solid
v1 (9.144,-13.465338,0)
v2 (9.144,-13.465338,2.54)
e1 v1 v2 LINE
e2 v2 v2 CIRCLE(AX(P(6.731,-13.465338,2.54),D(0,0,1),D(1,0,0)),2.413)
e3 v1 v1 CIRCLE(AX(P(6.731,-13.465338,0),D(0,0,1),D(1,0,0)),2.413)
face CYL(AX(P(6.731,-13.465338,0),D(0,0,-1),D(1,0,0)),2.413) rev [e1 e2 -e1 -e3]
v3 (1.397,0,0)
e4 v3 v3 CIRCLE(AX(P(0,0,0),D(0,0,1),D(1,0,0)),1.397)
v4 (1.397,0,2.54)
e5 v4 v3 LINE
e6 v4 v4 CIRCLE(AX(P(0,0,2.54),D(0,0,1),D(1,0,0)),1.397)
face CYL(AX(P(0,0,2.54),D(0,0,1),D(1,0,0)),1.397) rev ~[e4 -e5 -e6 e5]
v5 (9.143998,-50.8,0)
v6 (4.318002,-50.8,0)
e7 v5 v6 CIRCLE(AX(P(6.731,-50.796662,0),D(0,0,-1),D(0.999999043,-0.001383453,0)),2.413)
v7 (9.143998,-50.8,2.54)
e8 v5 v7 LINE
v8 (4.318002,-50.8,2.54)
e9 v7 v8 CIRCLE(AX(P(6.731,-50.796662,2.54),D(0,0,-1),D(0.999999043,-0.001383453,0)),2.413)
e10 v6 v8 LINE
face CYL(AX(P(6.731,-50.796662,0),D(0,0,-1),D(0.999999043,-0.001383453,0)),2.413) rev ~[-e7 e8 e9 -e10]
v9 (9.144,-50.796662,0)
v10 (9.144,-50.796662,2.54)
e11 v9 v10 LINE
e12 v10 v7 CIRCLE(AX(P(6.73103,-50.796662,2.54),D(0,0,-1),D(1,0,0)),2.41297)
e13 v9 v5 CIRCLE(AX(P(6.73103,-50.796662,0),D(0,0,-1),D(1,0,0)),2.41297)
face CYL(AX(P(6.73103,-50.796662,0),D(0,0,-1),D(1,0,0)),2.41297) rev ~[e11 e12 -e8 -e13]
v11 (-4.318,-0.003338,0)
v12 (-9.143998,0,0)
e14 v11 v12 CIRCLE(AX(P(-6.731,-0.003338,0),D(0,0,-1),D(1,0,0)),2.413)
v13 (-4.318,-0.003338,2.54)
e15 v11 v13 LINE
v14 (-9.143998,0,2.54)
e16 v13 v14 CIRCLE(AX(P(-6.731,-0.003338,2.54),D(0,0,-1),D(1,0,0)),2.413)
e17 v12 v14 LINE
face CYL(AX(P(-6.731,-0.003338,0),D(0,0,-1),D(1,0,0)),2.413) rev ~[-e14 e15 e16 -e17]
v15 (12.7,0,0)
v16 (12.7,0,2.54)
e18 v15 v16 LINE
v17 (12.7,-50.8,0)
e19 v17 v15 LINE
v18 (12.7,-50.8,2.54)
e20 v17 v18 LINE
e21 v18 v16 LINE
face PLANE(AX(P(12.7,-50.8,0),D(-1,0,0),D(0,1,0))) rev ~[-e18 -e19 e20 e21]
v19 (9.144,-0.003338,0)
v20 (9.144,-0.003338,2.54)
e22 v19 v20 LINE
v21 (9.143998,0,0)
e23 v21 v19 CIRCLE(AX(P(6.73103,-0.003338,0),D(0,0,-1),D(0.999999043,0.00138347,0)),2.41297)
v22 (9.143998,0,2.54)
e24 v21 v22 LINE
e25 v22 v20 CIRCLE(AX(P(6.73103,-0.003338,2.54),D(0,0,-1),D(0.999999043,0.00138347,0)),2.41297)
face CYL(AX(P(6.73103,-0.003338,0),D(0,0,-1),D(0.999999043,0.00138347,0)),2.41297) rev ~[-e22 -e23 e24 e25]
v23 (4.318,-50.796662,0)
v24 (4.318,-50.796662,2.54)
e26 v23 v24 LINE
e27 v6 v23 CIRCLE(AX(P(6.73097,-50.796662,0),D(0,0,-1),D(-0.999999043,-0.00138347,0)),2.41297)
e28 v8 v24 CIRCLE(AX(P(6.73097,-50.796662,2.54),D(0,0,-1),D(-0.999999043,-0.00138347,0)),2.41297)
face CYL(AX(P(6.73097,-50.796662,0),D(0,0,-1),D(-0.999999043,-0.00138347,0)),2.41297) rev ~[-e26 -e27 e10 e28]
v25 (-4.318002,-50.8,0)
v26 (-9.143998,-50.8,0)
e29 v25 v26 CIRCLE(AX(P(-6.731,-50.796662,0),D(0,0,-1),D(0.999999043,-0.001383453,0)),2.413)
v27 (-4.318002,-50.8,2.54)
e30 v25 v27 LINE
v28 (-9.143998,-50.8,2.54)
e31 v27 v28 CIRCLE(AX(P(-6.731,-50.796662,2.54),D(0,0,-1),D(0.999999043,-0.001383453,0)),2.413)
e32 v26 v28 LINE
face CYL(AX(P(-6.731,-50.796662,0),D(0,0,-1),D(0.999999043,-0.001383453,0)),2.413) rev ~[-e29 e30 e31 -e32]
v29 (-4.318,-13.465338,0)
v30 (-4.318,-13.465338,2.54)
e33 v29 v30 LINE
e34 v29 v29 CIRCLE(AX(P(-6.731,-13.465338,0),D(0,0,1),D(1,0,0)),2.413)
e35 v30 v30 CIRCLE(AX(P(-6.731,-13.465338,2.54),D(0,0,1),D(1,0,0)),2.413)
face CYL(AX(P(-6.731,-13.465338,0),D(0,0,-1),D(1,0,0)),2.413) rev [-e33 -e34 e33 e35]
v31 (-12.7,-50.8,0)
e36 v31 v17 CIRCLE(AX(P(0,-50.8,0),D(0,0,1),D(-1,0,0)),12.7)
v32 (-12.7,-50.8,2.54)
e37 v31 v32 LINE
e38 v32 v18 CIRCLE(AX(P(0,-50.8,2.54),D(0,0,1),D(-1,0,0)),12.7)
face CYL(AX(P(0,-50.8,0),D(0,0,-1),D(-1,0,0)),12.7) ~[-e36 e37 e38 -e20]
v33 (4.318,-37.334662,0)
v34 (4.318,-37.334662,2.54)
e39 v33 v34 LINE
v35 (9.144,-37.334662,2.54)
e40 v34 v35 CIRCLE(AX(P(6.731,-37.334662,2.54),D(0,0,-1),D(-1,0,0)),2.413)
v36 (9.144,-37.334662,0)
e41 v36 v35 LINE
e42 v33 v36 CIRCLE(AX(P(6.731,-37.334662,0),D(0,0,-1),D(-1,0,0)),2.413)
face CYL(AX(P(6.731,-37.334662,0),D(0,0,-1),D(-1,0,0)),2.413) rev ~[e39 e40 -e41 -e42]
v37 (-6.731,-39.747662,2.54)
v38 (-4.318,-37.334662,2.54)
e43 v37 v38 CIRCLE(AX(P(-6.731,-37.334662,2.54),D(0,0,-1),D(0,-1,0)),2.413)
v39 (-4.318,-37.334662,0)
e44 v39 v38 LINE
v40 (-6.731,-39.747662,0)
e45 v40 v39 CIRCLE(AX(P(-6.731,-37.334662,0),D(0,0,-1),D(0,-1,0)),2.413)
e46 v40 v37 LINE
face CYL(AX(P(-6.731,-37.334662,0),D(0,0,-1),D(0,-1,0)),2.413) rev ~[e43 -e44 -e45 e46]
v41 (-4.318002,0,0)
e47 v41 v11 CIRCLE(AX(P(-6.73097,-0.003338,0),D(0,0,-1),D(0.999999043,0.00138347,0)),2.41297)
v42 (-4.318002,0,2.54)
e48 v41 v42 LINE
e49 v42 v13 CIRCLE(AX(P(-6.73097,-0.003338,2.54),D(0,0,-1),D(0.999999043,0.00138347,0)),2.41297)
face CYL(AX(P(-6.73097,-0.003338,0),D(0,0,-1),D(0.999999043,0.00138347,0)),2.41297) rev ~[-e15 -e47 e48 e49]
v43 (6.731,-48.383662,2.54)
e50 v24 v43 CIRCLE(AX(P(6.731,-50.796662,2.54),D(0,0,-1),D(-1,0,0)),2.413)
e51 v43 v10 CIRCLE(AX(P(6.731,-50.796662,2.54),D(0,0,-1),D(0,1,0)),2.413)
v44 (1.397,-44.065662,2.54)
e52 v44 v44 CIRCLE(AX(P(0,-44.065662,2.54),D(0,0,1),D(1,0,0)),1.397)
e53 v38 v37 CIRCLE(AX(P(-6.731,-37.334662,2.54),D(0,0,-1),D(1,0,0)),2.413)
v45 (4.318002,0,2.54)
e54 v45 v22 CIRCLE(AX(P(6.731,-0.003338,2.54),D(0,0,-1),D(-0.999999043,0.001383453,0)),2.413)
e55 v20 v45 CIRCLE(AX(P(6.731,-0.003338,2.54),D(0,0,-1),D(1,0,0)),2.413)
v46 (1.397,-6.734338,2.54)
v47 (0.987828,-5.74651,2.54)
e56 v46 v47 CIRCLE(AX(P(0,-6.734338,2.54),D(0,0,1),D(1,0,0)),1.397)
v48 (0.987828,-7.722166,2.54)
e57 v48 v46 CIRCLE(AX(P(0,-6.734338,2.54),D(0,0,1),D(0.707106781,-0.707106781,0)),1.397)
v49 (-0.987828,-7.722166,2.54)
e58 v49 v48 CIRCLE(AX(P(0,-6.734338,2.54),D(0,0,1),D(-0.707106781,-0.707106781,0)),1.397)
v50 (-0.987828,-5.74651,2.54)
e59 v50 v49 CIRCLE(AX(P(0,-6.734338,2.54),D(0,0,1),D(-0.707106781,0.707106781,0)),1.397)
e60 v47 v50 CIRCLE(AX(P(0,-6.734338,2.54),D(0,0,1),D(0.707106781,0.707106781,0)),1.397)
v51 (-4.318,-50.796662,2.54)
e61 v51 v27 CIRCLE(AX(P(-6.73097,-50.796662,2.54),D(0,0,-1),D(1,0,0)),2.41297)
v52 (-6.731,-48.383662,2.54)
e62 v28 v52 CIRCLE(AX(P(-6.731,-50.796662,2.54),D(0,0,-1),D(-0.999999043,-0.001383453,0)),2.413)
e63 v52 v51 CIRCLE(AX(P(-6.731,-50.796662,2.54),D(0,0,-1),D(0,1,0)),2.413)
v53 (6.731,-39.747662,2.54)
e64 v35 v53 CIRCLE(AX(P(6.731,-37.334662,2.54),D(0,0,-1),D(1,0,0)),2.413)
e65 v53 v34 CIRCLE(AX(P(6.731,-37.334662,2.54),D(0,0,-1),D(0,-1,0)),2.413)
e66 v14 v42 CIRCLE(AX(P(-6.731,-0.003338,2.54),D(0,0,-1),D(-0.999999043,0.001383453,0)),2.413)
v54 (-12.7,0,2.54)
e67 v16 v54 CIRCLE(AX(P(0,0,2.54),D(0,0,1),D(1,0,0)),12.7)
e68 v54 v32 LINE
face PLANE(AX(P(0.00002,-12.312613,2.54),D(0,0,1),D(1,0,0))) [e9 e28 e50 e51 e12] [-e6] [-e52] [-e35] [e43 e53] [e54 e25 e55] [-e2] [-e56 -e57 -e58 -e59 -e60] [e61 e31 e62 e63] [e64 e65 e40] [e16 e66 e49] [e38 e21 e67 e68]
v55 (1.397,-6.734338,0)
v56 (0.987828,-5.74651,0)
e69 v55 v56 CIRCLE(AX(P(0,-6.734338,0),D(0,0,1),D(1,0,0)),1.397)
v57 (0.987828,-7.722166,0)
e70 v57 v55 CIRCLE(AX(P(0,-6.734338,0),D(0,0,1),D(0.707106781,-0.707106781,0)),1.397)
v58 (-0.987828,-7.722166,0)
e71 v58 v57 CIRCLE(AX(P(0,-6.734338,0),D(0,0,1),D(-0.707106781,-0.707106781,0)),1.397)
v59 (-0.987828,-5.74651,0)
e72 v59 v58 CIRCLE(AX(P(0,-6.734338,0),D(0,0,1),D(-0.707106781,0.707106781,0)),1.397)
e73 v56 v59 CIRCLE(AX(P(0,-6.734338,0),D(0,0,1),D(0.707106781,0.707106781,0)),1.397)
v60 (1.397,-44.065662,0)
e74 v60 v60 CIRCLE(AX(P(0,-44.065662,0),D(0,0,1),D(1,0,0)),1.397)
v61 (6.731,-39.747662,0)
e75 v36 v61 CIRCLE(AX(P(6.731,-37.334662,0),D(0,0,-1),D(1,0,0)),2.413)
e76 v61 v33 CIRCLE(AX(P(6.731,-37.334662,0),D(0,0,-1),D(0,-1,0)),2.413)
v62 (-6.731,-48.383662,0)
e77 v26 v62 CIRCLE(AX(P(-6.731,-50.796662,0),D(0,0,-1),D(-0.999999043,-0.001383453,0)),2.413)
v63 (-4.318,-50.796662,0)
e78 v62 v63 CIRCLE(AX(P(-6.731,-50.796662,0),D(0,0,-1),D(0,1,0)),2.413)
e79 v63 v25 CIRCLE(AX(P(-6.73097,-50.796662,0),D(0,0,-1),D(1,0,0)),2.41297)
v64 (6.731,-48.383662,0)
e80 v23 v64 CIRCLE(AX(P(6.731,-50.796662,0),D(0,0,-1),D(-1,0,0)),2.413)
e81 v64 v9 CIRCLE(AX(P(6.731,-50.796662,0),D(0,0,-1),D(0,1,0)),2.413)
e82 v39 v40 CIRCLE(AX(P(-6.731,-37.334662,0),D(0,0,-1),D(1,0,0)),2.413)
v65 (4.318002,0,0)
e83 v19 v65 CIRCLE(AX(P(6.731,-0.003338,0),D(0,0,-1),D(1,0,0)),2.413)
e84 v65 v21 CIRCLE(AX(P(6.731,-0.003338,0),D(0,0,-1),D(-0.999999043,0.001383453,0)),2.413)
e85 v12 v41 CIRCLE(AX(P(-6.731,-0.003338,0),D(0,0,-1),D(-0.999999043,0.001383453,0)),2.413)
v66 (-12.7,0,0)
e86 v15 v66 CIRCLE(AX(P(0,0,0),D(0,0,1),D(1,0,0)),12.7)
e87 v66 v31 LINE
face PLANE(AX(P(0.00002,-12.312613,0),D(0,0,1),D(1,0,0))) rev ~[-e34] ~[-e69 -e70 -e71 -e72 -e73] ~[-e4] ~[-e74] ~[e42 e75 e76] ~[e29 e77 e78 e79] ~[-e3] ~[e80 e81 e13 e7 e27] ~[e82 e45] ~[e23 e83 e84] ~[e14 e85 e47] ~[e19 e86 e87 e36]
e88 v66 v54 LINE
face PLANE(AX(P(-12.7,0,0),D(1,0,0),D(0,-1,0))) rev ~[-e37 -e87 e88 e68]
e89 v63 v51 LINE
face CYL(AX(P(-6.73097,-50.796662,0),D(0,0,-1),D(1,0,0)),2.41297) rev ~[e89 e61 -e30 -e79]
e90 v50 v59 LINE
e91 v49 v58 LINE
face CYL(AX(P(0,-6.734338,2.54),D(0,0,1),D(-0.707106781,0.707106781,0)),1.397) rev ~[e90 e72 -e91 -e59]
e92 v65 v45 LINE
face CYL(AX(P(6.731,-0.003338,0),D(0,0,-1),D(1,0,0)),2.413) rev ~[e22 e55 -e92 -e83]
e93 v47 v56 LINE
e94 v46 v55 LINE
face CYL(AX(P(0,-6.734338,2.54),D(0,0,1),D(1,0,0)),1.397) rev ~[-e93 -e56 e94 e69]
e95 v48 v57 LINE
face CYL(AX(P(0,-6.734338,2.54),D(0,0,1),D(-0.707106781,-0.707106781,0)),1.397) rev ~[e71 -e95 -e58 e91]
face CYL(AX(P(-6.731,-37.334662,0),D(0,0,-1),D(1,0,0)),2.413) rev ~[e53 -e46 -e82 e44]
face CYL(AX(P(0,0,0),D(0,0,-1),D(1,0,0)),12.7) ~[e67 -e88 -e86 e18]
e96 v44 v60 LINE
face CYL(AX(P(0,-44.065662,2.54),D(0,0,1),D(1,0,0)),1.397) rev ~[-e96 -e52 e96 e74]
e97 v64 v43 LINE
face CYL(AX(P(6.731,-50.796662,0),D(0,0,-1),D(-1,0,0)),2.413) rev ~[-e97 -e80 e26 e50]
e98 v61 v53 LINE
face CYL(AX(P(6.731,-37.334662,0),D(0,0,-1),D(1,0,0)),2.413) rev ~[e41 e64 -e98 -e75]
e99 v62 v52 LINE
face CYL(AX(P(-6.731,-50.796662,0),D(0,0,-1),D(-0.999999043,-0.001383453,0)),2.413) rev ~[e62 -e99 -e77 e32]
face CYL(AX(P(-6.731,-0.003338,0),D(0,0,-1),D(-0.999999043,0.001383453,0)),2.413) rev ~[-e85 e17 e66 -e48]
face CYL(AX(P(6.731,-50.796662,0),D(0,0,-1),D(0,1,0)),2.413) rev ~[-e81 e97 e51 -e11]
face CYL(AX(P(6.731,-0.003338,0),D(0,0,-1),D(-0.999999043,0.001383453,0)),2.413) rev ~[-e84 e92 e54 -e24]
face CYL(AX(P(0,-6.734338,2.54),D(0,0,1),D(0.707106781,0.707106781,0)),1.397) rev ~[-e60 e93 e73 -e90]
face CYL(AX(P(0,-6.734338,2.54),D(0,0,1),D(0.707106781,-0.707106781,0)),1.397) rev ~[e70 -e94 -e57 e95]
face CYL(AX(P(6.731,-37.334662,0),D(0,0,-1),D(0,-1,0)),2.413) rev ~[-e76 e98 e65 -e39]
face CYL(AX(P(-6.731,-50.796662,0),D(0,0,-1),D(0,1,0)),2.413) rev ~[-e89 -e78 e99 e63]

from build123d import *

# Parameters (mm, degrees)
F0_R     = 2.413
F1_DEPTH = 2.54
F2_R     = 1.397
F3_DEPTH = 2.541


with BuildPart() as f1:
    # F0 (on Top) → F1 (new body)
    with BuildSketch(Plane.XY):
        with BuildLine():
            Line((12.7, -25.4), (12.7, 0))
            Line((12.7, 0), (9.1439976908, 0))
            ThreePointArc((9.1439976908, 0), (9.1439994227, -0.0016691354), (9.144, -0.0033382716))
            ThreePointArc((9.144, -0.0033382716), (6.7293308638, -2.4163376943), (4.3180023092, 0))
            Line((4.3180023092, 0), (-4.3180023092, 0))
            ThreePointArc((-4.3180023092, 0), (-4.3180005773, -0.0016691354), (-4.318, -0.0033382716))
            ThreePointArc((-4.318, -0.0033382716), (-6.7326691362, -2.4163376943), (-9.1439976908, 0))
            Line((-9.1439976908, 0), (-12.7, 0))
            Line((-12.7, 0), (-12.7, -25.4))
            Line((-12.7, -25.4), (12.7, -25.4))
        make_face()
        with Locations((-6.731, -13.4653382716)):
            Circle(F0_R, mode=Mode.SUBTRACT)
        with Locations((6.731, -13.4653382716)):
            Circle(F0_R, mode=Mode.SUBTRACT)
        with BuildLine():
            Line((9.1439976908, 0), (12.7, 0))
            ThreePointArc((12.7, 0), (0, 12.7), (-12.7, 0))
            Line((-12.7, 0), (-9.1439976908, 0))
            ThreePointArc((-9.1439976908, 0), (-6.731, 2.4096617284), (-4.3180023092, 0))
            Line((-4.3180023092, 0), (4.3180023092, 0))
            ThreePointArc((4.3180023092, 0), (6.731, 2.4096617284), (9.1439976908, 0))
        make_face()
        with BuildLine():
            Line((12.7, -50.8), (12.7, -25.4))
            Line((12.7, -25.4), (-12.7, -25.4))
            Line((-12.7, -25.4), (-12.7, -50.8))
            Line((-12.7, -50.8), (-9.1439976908, -50.8))
            ThreePointArc((-9.1439976908, -50.8), (-8.4384285123, -49.0915937311), (-6.731, -48.3836617284))
            Line((-6.731, -48.3836617284), (-6.731, -39.7476617284))
            ThreePointArc((-6.731, -39.7476617284), (-8.437248663, -35.6284130654), (-4.318, -37.3346617284))
            Line((-4.318, -37.3346617284), (4.318, -37.3346617284))
            ThreePointArc((4.318, -37.3346617284), (6.731, -34.9216617284), (9.144, -37.3346617284))
            ThreePointArc((9.144, -37.3346617284), (8.437248663, -39.0409103914), (6.731, -39.7476617284))
            Line((6.731, -39.7476617284), (6.731, -48.3836617284))
            ThreePointArc((6.731, -48.3836617284), (8.437248663, -49.0904130654), (9.144, -50.7966617284))
            ThreePointArc((9.144, -50.7966617284), (9.1439994227, -50.7983308646), (9.1439976908, -50.8))
            Line((9.1439976908, -50.8), (12.7, -50.8))
        make_face()
        with BuildLine():
            ThreePointArc((-12.7, -50.8), (0, -63.5), (12.7, -50.8))
            Line((12.7, -50.8), (9.1439976908, -50.8))
            ThreePointArc((9.1439976908, -50.8), (6.731, -53.2096617284), (4.3180023092, -50.8))
            ThreePointArc((4.3180023092, -50.8), (4.3180005773, -50.7983308646), (4.318, -50.7966617284))
            Line((4.318, -50.7966617284), (-4.318, -50.7966617284))
            ThreePointArc((-4.318, -50.7966617284), (-4.3180005773, -50.7983308646), (-4.3180023092, -50.8))
            ThreePointArc((-4.3180023092, -50.8), (-6.731, -53.2096617284), (-9.1439976908, -50.8))
            Line((-9.1439976908, -50.8), (-12.7, -50.8))
        make_face()
        with BuildLine():
            Line((-6.731, -39.7476617284), (-6.731, -48.3836617284))
            ThreePointArc((-6.731, -48.3836617284), (-5.024751337, -49.0904130654), (-4.318, -50.7966617284))
            Line((-4.318, -50.7966617284), (4.318, -50.7966617284))
            ThreePointArc((4.318, -50.7966617284), (5.024751337, -49.0904130654), (6.731, -48.3836617284))
            Line((6.731, -48.3836617284), (6.731, -39.7476617284))
            ThreePointArc((6.731, -39.7476617284), (5.024751337, -39.0409103914), (4.318, -37.3346617284))
            Line((4.318, -37.3346617284), (-4.318, -37.3346617284))
            ThreePointArc((-4.318, -37.3346617284), (-5.024751337, -39.0409103914), (-6.731, -39.7476617284))
        make_face()
    extrude(amount=F1_DEPTH)

    # F2 (on face) → F3 (cut, through all)
    with BuildSketch(Plane.XY.offset(2.54)):
        Circle(F2_R)
        with BuildLine():
            ThreePointArc((0.9878281733, -5.7465100983), (0, -5.3373382716), (-0.9878281733, -5.7465100983))
            Line((-0.9878281733, -5.7465100983), (0, -6.7343382716))
            Line((0, -6.7343382716), (0.9878281733, -5.7465100983))
        make_face()
        with BuildLine():
            Line((0, -6.7343382716), (-0.9878281733, -5.7465100983))
            ThreePointArc((-0.9878281733, -5.7465100983), (-1.397, -6.7343382716), (-0.9878281733, -7.7221664449))
            Line((-0.9878281733, -7.7221664449), (0, -6.7343382716))
        make_face()
        with BuildLine():
            Line((0.9878281733, -5.7465100983), (0, -6.7343382716))
            Line((0, -6.7343382716), (0.9878281733, -7.7221664449))
            ThreePointArc((0.9878281733, -7.7221664449), (1.2906597069, -7.2689470266), (1.397, -6.7343382716))
            ThreePointArc((1.397, -6.7343382716), (1.2906597069, -6.1997295166), (0.9878281733, -5.7465100983))
        make_face()
        with BuildLine():
            Line((0.9878281733, -7.7221664449), (0, -6.7343382716))
            Line((0, -6.7343382716), (-0.9878281733, -7.7221664449))
            ThreePointArc((-0.9878281733, -7.7221664449), (0, -8.1313382716), (0.9878281733, -7.7221664449))
        make_face()
        with Locations((0, -44.0656617284)):
            Circle(F2_R)
    extrude(amount=-F3_DEPTH, mode=Mode.SUBTRACT)


solid = f1.part
